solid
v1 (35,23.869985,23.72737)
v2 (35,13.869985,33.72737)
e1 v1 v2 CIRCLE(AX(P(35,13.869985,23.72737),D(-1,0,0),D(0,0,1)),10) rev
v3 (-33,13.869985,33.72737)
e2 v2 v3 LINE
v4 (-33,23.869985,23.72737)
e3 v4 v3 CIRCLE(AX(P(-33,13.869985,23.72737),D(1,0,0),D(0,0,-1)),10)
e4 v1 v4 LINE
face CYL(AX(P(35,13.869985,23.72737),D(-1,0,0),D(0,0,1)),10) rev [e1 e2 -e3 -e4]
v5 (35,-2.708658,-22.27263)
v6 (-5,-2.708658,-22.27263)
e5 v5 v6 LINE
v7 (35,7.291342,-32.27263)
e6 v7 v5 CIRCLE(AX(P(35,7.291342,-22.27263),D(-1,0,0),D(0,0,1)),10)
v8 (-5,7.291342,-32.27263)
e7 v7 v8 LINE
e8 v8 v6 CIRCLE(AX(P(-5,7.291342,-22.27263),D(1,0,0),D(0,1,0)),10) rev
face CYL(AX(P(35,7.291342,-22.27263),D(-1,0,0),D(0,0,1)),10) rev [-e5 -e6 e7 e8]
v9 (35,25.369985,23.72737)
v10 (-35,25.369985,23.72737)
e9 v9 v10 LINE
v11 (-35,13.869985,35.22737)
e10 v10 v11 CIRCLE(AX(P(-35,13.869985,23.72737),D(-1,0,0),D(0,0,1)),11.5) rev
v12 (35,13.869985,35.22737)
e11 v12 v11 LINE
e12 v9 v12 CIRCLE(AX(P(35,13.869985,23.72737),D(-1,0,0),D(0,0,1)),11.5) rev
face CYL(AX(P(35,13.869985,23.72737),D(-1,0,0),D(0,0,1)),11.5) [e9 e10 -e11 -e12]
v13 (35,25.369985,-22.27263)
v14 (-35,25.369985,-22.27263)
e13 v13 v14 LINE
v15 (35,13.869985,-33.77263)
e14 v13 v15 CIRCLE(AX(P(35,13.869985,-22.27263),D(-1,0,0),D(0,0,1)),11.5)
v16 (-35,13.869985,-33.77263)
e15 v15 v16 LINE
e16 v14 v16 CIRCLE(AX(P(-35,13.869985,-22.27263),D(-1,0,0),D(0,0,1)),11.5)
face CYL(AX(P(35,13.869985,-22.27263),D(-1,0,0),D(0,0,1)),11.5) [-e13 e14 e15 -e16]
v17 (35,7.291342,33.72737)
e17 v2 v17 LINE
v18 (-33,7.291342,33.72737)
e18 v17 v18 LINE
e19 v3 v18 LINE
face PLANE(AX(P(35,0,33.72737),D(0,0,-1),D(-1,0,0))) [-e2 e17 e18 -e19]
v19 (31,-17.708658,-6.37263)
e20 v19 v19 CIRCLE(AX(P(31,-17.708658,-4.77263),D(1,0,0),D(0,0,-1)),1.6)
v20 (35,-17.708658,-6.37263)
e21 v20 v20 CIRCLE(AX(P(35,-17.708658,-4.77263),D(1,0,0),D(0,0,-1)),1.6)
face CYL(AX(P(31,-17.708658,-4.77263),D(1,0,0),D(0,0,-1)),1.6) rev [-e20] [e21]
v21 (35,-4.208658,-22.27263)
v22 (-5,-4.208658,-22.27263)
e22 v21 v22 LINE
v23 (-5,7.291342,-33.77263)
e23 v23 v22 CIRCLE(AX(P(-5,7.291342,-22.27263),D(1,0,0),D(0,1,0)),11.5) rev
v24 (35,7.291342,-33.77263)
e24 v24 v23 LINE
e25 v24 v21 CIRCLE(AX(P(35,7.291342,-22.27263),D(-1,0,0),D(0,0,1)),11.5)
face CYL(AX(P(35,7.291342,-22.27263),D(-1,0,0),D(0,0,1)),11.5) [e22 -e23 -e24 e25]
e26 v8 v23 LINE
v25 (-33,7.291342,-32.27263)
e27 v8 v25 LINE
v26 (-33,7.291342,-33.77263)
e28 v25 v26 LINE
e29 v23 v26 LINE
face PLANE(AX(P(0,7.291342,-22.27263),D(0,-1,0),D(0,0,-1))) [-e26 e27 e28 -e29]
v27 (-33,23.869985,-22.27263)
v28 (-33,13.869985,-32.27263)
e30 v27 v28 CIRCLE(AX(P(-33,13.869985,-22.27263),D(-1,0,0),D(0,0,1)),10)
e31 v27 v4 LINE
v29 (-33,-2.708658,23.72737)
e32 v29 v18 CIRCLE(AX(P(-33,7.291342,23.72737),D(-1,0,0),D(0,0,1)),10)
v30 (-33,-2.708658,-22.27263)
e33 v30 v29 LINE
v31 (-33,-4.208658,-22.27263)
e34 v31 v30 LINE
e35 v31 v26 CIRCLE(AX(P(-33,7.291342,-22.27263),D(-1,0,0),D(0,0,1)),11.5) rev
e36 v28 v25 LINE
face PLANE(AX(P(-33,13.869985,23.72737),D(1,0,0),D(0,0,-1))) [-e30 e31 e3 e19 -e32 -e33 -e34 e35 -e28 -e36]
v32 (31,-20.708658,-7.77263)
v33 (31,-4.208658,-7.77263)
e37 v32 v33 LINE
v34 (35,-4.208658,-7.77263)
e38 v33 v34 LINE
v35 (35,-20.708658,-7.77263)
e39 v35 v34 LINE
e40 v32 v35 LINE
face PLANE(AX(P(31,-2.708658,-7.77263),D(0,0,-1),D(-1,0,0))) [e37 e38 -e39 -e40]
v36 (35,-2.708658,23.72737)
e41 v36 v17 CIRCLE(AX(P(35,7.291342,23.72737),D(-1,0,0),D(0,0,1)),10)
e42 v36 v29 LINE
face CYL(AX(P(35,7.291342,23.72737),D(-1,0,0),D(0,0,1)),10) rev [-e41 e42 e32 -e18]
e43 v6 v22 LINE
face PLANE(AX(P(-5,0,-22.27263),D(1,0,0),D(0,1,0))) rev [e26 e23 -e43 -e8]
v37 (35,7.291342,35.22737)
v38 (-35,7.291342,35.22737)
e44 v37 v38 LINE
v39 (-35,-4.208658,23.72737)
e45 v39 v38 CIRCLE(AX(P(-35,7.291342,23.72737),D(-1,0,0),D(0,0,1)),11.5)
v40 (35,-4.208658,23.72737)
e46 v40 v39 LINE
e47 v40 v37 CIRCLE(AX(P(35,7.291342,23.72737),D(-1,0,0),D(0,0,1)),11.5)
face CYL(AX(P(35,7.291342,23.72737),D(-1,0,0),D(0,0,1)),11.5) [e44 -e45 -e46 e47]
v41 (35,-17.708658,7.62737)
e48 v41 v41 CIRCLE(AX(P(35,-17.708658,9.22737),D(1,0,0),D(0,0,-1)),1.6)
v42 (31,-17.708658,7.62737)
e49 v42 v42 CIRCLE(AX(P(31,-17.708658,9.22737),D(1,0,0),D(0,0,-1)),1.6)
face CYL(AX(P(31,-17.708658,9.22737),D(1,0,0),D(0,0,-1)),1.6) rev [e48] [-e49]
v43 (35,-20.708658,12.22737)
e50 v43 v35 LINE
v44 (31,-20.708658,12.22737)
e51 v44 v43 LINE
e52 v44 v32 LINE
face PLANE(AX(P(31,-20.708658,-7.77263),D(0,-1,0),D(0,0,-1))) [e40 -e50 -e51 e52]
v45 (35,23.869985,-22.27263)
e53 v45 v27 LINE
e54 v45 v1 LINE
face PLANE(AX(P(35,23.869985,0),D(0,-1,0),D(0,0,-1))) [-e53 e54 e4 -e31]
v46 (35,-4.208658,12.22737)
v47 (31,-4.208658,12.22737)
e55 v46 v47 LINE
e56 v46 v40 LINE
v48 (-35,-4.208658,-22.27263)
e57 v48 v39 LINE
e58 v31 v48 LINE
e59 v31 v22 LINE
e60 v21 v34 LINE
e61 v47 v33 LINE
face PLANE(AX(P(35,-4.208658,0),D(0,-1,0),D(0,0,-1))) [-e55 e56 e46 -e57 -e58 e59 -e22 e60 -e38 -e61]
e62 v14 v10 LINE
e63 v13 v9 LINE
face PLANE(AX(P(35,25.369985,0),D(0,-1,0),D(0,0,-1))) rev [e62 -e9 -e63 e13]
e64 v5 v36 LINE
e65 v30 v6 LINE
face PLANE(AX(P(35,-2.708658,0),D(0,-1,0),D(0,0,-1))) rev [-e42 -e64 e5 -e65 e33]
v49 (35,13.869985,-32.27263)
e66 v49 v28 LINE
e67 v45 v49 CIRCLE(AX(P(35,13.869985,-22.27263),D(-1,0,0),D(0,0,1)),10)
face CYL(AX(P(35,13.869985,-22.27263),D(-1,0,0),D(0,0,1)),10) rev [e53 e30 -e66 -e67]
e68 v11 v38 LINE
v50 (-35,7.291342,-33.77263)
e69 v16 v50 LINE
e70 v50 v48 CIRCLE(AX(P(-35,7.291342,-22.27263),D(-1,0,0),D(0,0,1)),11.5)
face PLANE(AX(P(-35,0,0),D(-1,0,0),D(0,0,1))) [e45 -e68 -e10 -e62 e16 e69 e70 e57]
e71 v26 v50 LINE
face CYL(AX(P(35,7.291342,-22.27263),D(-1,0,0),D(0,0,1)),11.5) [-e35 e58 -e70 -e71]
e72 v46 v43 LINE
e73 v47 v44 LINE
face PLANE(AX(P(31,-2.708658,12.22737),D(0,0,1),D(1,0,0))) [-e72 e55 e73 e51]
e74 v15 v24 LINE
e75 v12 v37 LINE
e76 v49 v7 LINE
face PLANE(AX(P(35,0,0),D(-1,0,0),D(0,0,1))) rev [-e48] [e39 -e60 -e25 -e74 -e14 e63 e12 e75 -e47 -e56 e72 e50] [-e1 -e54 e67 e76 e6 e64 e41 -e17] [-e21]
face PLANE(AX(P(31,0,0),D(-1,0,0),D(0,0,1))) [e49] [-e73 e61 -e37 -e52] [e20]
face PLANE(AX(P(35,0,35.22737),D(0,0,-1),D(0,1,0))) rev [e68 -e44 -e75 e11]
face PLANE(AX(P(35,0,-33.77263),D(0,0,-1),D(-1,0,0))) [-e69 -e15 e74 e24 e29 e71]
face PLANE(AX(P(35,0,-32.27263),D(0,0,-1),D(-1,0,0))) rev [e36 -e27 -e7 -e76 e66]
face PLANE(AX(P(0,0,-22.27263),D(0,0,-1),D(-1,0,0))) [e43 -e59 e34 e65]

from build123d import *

# Parameters (mm, degrees)
EXTRUDE_2_DEPTH     = 70
EXTRUDE_3_DEPTH     = 2
SKETCH_7_W          = 20
SKETCH_7_H          = 18
SKETCH_7_R          = 1.6
EXTRUDE_5_DEPTH     = 4
SKETCH_8_W          = 28
SKETCH_8_H          = 11.5
CUT_EXTRUDE_2_DEPTH = 11.5


with BuildPart() as part:
    # 草图1 → 凸台-拉伸2 (new body)
    with BuildSketch(Plane.ZY.offset(35)):
        with BuildLine():
            Line((23.72736994, 25.369984756), (-22.27263006, 25.369984756))
            ThreePointArc((-22.27263006, 25.369984756), (-30.404358044, 22.001712739), (-33.77263006, 13.869984756))
            Line((-33.77263006, 13.869984756), (-33.77263006, 7.291341901))
            ThreePointArc((-33.77263006, 7.291341901), (-30.404358044, -0.840386083), (-22.27263006, -4.208658099))
            Line((-22.27263006, -4.208658099), (23.72736994, -4.208658099))
            ThreePointArc((23.72736994, -4.208658099), (31.859097923, -0.840386083), (35.22736994, 7.291341901))
            Line((35.22736994, 7.291341901), (35.22736994, 13.869984756))
            ThreePointArc((35.22736994, 13.869984756), (31.859097923, 22.001712739), (23.72736994, 25.369984756))
        make_face()
        with BuildLine():
            ThreePointArc((-32.27263006, 13.869984756), (-29.343697872, 20.941052568), (-22.27263006, 23.869984756))
            Line((-22.27263006, 23.869984756), (23.72736994, 23.869984756))
            ThreePointArc((23.72736994, 23.869984756), (30.798437752, 20.941052568), (33.72736994, 13.869984756))
            Line((33.72736994, 13.869984756), (33.72736994, 7.291341901))
            ThreePointArc((33.72736994, 7.291341901), (30.798437752, 0.220274089), (23.72736994, -2.708658099))
            Line((23.72736994, -2.708658099), (-22.27263006, -2.708658099))
            ThreePointArc((-22.27263006, -2.708658099), (-29.343697872, 0.220274089), (-32.27263006, 7.291341901))
            Line((-32.27263006, 7.291341901), (-32.27263006, 13.869984756))
        make_face(mode=Mode.SUBTRACT)
    extrude(amount=-EXTRUDE_2_DEPTH)

    # 草图1<4> → 凸台-拉伸3 (add)
    with BuildSketch(Plane.ZY.offset(35)):
        with BuildLine():
            Line((-22.27263006, 23.869984756), (23.72736994, 23.869984756))
            ThreePointArc((23.72736994, 23.869984756), (30.798437752, 20.941052568), (33.72736994, 13.869984756))
            Line((33.72736994, 13.869984756), (33.72736994, 7.291341901))
            ThreePointArc((33.72736994, 7.291341901), (30.798437752, 0.220274089), (23.72736994, -2.708658099))
            Line((23.72736994, -2.708658099), (-22.27263006, -2.708658099))
            ThreePointArc((-22.27263006, -2.708658099), (-29.343697872, 0.220274089), (-32.27263006, 7.291341901))
            Line((-32.27263006, 7.291341901), (-32.27263006, 13.869984756))
            ThreePointArc((-32.27263006, 13.869984756), (-29.343697872, 20.941052568), (-22.27263006, 23.869984756))
        make_face()
    extrude(amount=-EXTRUDE_3_DEPTH)

    # 草图7 → 凸台-拉伸5 (add)
    with BuildSketch(Plane(origin=(35, 0, 0), x_dir=(0, 0, -1), z_dir=(1, 0, 0))):
        with Locations((-2.22736994, -11.708658099)):
            Rectangle(SKETCH_7_W, SKETCH_7_H)
        with Locations((4.77263006, -17.708658099)):
            Circle(SKETCH_7_R, mode=Mode.SUBTRACT)
        with Locations((-9.22736994, -17.708658099)):
            Circle(SKETCH_7_R, mode=Mode.SUBTRACT)
    extrude(amount=-EXTRUDE_5_DEPTH)

    # 草图8 → 切除-拉伸2 (cut)
    with BuildSketch(Plane(origin=(0, 0, -33.77263006), x_dir=(-1, 0, 0), z_dir=(0, 0, -1))):
        with Locations((19, 1.541341901)):
            Rectangle(SKETCH_8_W, SKETCH_8_H)
    extrude(amount=-CUT_EXTRUDE_2_DEPTH, mode=Mode.SUBTRACT)


solid = part.part
